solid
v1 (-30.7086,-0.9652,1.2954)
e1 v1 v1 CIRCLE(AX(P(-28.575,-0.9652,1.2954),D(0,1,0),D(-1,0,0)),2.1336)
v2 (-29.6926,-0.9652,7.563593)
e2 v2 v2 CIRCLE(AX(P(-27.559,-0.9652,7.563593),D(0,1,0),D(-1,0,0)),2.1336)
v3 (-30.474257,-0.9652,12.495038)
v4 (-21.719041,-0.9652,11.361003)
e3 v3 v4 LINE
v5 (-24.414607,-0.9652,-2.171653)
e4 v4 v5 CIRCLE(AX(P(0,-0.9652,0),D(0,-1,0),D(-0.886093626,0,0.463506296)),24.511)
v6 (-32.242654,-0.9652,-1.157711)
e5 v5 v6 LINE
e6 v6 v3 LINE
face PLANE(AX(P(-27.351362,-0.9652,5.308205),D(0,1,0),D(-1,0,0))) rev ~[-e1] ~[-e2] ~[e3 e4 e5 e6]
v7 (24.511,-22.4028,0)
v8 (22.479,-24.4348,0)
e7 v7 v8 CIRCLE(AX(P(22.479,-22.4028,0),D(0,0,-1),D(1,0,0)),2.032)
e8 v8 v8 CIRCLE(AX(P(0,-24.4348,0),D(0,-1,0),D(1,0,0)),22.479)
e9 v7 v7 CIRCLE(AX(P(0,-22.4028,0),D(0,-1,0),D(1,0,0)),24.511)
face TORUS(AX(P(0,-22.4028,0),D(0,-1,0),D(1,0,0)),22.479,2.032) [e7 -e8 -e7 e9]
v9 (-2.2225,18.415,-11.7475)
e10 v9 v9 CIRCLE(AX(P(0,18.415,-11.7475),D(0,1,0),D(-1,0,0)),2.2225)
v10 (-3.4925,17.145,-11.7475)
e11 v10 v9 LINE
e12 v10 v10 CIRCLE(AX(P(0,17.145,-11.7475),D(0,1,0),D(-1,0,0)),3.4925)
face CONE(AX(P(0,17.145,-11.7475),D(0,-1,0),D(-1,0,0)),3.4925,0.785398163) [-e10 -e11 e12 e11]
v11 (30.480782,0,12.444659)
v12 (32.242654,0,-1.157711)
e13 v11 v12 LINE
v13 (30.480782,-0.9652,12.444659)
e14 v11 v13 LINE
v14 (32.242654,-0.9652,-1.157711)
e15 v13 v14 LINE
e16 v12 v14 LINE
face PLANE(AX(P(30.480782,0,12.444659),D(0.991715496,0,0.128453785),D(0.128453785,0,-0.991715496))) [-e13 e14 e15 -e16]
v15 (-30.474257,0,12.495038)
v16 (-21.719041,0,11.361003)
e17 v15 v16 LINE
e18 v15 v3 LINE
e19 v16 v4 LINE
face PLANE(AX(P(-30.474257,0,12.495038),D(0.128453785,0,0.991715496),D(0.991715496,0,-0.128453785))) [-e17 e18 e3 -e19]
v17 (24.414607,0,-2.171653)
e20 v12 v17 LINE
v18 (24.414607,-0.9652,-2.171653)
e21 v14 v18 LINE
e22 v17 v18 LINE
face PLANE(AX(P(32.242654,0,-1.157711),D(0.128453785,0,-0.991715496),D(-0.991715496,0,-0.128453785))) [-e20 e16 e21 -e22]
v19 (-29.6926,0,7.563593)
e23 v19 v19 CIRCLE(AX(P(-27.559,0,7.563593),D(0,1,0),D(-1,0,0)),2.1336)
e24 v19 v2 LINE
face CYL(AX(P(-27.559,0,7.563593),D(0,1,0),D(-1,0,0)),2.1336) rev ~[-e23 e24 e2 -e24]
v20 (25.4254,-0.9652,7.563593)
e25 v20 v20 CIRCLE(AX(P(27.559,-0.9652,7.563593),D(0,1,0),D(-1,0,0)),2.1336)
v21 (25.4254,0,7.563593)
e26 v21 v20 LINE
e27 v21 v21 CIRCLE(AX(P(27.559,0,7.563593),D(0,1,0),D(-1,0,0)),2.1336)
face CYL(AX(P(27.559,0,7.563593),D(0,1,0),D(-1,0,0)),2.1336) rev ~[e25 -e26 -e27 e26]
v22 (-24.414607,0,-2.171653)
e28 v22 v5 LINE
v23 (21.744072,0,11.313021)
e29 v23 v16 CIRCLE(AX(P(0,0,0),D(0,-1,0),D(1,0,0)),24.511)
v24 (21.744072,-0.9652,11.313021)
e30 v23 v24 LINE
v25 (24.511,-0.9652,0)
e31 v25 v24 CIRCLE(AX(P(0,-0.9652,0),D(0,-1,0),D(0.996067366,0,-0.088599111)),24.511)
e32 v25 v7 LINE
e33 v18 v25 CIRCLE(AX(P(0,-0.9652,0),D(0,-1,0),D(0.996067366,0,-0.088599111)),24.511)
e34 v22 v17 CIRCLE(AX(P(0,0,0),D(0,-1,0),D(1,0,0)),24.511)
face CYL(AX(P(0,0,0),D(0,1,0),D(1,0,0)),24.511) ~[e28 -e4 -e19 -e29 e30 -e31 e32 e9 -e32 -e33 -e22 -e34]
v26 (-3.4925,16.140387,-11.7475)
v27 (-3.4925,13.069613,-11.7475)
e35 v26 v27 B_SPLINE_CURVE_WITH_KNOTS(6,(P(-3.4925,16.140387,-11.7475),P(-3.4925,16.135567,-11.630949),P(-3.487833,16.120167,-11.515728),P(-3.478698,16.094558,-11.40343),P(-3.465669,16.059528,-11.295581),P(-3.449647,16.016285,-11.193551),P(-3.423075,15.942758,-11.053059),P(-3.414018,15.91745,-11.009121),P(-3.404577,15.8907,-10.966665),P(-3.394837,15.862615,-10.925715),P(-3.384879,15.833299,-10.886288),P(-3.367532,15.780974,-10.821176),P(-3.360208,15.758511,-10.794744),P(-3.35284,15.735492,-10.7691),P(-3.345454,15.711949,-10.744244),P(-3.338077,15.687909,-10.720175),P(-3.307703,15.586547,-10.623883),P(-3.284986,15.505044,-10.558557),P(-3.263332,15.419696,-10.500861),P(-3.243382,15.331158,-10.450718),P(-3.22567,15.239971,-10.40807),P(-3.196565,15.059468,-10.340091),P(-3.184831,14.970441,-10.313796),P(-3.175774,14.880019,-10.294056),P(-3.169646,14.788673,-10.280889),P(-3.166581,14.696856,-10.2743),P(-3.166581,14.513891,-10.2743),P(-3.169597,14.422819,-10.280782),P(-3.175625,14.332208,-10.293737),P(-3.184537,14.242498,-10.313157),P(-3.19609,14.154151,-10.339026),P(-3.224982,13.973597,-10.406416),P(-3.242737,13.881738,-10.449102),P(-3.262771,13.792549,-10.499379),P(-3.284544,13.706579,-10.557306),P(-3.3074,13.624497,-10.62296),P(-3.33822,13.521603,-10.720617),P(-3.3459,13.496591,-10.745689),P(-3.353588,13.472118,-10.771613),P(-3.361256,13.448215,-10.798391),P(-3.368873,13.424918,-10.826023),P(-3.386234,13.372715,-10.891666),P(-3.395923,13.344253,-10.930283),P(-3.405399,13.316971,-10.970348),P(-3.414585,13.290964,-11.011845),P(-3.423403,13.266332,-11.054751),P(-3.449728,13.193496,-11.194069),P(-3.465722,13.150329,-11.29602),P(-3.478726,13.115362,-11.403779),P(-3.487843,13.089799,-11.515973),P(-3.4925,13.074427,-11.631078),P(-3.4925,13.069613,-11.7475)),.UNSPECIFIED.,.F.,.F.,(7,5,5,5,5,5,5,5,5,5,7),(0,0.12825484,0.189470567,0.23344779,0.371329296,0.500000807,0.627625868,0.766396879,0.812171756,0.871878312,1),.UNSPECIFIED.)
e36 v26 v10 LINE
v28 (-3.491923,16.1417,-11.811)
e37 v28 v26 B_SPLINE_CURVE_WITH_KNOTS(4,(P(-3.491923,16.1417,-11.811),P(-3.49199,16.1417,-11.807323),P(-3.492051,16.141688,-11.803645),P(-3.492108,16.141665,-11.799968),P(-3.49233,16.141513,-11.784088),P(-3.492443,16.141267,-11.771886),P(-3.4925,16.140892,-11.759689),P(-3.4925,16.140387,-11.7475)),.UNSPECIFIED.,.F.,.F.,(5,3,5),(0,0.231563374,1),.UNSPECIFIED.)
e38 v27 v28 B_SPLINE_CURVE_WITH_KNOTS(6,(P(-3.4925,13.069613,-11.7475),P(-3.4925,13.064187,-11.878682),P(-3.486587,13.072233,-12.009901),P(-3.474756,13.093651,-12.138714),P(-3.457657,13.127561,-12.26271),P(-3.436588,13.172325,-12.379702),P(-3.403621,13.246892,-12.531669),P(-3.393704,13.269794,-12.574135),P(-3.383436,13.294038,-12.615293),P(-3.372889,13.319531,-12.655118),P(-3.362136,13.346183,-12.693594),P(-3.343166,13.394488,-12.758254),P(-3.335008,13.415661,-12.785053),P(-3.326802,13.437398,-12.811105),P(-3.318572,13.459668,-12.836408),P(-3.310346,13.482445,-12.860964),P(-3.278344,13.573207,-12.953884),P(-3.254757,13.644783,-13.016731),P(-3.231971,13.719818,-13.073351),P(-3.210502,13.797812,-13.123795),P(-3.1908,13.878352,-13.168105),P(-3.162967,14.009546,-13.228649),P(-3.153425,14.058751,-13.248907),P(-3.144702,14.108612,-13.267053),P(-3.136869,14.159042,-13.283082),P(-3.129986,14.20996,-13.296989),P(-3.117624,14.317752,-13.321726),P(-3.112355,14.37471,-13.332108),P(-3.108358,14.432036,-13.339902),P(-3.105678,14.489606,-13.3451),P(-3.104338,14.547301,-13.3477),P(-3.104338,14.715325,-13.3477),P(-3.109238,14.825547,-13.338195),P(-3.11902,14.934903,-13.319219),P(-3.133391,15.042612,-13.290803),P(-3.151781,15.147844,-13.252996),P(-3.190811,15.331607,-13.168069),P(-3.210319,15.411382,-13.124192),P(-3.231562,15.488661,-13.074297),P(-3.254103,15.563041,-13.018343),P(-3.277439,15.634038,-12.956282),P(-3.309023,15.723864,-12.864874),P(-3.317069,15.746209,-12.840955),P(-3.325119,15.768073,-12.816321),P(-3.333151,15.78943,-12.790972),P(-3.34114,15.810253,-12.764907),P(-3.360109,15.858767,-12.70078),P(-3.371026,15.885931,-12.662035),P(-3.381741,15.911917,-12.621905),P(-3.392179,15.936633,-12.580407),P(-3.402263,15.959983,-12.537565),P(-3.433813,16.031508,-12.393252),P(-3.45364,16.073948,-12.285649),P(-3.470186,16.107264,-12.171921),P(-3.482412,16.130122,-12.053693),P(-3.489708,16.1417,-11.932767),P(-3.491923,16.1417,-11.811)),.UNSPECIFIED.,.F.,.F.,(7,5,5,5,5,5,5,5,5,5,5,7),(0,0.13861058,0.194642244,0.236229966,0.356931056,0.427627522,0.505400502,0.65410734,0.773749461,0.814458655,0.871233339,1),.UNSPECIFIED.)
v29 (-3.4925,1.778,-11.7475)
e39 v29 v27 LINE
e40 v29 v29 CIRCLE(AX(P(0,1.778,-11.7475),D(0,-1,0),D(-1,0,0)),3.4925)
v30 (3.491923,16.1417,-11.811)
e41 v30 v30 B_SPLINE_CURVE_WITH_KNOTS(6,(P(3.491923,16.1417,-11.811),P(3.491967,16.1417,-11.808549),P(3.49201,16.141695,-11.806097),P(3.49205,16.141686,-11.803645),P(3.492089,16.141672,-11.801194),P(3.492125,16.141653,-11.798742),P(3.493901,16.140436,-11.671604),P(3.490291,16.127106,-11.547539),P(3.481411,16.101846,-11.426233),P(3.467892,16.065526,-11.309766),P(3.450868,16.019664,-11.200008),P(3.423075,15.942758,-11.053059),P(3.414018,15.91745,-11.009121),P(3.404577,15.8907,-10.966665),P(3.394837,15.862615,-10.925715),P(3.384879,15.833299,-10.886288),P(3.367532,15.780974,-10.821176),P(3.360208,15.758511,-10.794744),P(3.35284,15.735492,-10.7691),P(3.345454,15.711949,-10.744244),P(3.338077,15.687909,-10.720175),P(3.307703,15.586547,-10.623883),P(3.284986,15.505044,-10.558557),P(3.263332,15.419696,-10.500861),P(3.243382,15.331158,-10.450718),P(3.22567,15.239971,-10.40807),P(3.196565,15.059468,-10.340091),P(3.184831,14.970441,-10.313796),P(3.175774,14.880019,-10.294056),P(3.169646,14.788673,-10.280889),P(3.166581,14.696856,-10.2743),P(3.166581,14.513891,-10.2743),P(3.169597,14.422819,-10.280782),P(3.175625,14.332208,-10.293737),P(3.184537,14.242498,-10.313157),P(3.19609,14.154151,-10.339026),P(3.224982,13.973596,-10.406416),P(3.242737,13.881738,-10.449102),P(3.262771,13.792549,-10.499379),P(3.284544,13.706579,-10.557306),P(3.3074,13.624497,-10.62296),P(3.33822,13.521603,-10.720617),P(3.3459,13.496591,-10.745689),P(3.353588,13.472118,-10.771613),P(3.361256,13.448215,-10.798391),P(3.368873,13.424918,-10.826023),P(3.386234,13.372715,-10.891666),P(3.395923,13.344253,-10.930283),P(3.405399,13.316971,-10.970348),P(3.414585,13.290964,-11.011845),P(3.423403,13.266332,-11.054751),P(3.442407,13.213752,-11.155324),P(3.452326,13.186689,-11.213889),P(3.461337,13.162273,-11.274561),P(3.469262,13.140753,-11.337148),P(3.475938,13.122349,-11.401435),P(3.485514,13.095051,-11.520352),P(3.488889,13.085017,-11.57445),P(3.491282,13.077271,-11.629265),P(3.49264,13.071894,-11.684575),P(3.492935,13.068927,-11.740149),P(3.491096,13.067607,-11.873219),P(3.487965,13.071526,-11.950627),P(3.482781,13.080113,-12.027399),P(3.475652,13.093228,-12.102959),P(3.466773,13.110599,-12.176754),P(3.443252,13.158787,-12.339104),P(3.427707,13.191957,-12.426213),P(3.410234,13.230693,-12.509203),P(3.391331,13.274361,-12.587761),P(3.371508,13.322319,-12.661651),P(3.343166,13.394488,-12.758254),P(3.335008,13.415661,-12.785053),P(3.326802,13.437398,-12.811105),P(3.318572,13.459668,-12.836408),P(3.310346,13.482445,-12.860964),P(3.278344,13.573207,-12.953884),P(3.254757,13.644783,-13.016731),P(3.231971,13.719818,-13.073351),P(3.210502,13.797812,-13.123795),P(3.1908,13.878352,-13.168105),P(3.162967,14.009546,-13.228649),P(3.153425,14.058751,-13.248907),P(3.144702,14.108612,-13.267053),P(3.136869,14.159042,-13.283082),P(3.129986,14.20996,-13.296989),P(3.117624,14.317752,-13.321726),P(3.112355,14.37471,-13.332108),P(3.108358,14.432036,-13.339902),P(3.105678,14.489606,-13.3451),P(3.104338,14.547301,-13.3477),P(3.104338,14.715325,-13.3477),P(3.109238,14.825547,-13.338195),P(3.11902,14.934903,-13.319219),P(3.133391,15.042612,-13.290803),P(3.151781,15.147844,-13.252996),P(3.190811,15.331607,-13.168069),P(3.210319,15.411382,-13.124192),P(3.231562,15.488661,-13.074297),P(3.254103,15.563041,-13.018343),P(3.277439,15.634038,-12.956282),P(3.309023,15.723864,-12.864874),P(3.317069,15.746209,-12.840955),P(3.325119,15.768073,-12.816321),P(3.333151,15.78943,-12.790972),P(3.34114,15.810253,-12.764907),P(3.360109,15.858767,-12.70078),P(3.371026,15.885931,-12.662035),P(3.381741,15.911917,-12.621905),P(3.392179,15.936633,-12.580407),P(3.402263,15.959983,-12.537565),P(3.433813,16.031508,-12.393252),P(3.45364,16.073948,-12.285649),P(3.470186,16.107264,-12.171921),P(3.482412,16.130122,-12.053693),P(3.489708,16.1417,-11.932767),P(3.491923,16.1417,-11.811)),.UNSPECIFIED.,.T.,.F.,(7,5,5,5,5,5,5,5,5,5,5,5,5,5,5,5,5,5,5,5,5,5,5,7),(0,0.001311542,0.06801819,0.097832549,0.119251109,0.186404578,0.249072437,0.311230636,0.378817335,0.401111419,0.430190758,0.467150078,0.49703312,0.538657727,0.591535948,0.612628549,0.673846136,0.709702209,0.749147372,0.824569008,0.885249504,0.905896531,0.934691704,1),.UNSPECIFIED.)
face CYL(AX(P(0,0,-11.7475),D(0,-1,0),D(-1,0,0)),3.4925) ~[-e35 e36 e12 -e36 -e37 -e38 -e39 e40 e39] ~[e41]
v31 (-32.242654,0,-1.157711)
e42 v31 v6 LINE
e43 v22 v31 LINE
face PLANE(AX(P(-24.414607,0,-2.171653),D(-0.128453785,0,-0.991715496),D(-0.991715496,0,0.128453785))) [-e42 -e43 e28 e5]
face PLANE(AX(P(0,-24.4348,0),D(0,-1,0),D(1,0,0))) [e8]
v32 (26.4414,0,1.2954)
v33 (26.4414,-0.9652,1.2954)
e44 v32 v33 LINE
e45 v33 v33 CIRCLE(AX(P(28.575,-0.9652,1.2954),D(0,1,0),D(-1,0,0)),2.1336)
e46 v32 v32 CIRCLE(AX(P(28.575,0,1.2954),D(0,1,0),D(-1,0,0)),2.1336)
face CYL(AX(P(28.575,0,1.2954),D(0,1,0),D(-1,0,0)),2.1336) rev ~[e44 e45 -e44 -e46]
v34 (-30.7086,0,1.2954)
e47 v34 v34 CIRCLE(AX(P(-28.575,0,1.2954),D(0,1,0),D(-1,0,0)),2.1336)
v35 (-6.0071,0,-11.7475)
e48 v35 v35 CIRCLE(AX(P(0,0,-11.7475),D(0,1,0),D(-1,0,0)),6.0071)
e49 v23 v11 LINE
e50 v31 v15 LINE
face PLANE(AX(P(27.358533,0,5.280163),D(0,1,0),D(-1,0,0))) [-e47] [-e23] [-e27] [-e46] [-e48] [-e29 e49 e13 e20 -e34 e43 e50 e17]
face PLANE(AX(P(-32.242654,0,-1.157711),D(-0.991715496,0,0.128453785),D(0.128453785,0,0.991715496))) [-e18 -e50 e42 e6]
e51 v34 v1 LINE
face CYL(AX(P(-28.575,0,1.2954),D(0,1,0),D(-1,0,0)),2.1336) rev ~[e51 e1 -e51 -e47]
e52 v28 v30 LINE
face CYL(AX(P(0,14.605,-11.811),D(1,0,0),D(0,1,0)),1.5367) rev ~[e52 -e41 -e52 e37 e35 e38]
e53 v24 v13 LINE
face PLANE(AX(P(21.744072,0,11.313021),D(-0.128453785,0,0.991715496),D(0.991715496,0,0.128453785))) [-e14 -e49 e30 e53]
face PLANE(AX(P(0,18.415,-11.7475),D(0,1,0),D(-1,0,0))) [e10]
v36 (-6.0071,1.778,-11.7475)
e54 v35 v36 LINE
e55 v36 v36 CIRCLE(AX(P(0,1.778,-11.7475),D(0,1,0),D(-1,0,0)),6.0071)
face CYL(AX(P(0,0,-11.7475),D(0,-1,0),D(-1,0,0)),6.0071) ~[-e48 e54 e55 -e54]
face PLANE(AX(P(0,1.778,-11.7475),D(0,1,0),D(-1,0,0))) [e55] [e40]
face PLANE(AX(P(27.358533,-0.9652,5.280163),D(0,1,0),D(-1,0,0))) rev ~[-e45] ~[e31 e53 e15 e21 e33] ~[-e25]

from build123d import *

# Parameters (mm, degrees)
F0_R      = 24.511
F1_DEPTH  = 24.4348
F2_R      = 3.4925
F3_DEPTH  = 18.415
F4_R      = 6.0071
F5_DEPTH  = 1.778
F6_SIZE   = 1.27
F7_R      = 1.5367
F8_DEPTH  = 12.7
F9_R      = 2.1336
F10_DEPTH = 0.9652
F11_R     = 2.032


with BuildPart() as f1:
    # F0 (on Front) → F1 (new body)
    with BuildSketch(Plane.XZ):
        Circle(F0_R)
    extrude(amount=F1_DEPTH)

    # F2 (on face) → F3 (join)
    with BuildSketch(Plane(origin=(0, 0, 0), x_dir=(-1, 0, 0), z_dir=(0, 1, 0))):
        with Locations((0, -11.7475)):
            Circle(F2_R)
    extrude(amount=F3_DEPTH)

    # F4 (on face) → F5 (join)
    with BuildSketch(Plane(origin=(0, 0, 0), x_dir=(-1, 0, 0), z_dir=(0, 1, 0))):
        with Locations((0, -11.7475)):
            Circle(F4_R)
    extrude(amount=F5_DEPTH)

    # F6
    f6_edges = [f1.edges().sort_by_distance(p)[0] for p in [
        (3.4925, 18.415, -11.7475),
    ]]
    chamfer(f6_edges, length=F6_SIZE)

    # F7 (on Right) → F8 (cut, symmetric)
    with BuildSketch(Plane.YZ):
        with Locations((14.605, -11.811)):
            Circle(F7_R)
    extrude(amount=F8_DEPTH, both=True, mode=Mode.SUBTRACT)

    # F9 (on face) → F10 (join)
    with BuildSketch(Plane(origin=(0, 0, 0), x_dir=(-1, 0, 0), z_dir=(0, 1, 0))):
        with BuildLine():
            ThreePointArc((21.7190408618, 11.3610028186), (24.0387512815, 4.788272948), (24.414607206, -2.1716528208))
            Line((24.414607206, -2.1716528208), (32.2426542084, -1.1577105466))
            Line((32.2426542084, -1.1577105466), (30.4742566429, 12.4950383448))
            Line((30.4742566429, 12.4950383448), (21.7190408618, 11.3610028186))
        make_face()
        with Locations((28.575, 1.2954)):
            Circle(F9_R, mode=Mode.SUBTRACT)
        with Locations((27.559, 7.5635930411)):
            Circle(F9_R, mode=Mode.SUBTRACT)
        with BuildLine():
            ThreePointArc((-24.414607206, -2.1716528208), (-24.044022755, 4.7617319075), (-21.7440723776, 11.3130207036))
            Line((-21.7440723776, 11.3130207036), (-30.4807820952, 12.4446591976))
            Line((-30.4807820952, 12.4446591976), (-32.2426542084, -1.1577105466))
            Line((-32.2426542084, -1.1577105466), (-24.414607206, -2.1716528208))
        make_face()
        with Locations((-28.575, 1.2954)):
            Circle(F9_R, mode=Mode.SUBTRACT)
        with Locations((-27.559, 7.5635930411)):
            Circle(F9_R, mode=Mode.SUBTRACT)
    extrude(amount=-F10_DEPTH)

    # F11
    f11_edges = [f1.edges().sort_by_distance(p)[0] for p in [
        (-24.511, -24.4348, 0),
    ]]
    fillet(f11_edges, radius=F11_R)


solid = f1.part
